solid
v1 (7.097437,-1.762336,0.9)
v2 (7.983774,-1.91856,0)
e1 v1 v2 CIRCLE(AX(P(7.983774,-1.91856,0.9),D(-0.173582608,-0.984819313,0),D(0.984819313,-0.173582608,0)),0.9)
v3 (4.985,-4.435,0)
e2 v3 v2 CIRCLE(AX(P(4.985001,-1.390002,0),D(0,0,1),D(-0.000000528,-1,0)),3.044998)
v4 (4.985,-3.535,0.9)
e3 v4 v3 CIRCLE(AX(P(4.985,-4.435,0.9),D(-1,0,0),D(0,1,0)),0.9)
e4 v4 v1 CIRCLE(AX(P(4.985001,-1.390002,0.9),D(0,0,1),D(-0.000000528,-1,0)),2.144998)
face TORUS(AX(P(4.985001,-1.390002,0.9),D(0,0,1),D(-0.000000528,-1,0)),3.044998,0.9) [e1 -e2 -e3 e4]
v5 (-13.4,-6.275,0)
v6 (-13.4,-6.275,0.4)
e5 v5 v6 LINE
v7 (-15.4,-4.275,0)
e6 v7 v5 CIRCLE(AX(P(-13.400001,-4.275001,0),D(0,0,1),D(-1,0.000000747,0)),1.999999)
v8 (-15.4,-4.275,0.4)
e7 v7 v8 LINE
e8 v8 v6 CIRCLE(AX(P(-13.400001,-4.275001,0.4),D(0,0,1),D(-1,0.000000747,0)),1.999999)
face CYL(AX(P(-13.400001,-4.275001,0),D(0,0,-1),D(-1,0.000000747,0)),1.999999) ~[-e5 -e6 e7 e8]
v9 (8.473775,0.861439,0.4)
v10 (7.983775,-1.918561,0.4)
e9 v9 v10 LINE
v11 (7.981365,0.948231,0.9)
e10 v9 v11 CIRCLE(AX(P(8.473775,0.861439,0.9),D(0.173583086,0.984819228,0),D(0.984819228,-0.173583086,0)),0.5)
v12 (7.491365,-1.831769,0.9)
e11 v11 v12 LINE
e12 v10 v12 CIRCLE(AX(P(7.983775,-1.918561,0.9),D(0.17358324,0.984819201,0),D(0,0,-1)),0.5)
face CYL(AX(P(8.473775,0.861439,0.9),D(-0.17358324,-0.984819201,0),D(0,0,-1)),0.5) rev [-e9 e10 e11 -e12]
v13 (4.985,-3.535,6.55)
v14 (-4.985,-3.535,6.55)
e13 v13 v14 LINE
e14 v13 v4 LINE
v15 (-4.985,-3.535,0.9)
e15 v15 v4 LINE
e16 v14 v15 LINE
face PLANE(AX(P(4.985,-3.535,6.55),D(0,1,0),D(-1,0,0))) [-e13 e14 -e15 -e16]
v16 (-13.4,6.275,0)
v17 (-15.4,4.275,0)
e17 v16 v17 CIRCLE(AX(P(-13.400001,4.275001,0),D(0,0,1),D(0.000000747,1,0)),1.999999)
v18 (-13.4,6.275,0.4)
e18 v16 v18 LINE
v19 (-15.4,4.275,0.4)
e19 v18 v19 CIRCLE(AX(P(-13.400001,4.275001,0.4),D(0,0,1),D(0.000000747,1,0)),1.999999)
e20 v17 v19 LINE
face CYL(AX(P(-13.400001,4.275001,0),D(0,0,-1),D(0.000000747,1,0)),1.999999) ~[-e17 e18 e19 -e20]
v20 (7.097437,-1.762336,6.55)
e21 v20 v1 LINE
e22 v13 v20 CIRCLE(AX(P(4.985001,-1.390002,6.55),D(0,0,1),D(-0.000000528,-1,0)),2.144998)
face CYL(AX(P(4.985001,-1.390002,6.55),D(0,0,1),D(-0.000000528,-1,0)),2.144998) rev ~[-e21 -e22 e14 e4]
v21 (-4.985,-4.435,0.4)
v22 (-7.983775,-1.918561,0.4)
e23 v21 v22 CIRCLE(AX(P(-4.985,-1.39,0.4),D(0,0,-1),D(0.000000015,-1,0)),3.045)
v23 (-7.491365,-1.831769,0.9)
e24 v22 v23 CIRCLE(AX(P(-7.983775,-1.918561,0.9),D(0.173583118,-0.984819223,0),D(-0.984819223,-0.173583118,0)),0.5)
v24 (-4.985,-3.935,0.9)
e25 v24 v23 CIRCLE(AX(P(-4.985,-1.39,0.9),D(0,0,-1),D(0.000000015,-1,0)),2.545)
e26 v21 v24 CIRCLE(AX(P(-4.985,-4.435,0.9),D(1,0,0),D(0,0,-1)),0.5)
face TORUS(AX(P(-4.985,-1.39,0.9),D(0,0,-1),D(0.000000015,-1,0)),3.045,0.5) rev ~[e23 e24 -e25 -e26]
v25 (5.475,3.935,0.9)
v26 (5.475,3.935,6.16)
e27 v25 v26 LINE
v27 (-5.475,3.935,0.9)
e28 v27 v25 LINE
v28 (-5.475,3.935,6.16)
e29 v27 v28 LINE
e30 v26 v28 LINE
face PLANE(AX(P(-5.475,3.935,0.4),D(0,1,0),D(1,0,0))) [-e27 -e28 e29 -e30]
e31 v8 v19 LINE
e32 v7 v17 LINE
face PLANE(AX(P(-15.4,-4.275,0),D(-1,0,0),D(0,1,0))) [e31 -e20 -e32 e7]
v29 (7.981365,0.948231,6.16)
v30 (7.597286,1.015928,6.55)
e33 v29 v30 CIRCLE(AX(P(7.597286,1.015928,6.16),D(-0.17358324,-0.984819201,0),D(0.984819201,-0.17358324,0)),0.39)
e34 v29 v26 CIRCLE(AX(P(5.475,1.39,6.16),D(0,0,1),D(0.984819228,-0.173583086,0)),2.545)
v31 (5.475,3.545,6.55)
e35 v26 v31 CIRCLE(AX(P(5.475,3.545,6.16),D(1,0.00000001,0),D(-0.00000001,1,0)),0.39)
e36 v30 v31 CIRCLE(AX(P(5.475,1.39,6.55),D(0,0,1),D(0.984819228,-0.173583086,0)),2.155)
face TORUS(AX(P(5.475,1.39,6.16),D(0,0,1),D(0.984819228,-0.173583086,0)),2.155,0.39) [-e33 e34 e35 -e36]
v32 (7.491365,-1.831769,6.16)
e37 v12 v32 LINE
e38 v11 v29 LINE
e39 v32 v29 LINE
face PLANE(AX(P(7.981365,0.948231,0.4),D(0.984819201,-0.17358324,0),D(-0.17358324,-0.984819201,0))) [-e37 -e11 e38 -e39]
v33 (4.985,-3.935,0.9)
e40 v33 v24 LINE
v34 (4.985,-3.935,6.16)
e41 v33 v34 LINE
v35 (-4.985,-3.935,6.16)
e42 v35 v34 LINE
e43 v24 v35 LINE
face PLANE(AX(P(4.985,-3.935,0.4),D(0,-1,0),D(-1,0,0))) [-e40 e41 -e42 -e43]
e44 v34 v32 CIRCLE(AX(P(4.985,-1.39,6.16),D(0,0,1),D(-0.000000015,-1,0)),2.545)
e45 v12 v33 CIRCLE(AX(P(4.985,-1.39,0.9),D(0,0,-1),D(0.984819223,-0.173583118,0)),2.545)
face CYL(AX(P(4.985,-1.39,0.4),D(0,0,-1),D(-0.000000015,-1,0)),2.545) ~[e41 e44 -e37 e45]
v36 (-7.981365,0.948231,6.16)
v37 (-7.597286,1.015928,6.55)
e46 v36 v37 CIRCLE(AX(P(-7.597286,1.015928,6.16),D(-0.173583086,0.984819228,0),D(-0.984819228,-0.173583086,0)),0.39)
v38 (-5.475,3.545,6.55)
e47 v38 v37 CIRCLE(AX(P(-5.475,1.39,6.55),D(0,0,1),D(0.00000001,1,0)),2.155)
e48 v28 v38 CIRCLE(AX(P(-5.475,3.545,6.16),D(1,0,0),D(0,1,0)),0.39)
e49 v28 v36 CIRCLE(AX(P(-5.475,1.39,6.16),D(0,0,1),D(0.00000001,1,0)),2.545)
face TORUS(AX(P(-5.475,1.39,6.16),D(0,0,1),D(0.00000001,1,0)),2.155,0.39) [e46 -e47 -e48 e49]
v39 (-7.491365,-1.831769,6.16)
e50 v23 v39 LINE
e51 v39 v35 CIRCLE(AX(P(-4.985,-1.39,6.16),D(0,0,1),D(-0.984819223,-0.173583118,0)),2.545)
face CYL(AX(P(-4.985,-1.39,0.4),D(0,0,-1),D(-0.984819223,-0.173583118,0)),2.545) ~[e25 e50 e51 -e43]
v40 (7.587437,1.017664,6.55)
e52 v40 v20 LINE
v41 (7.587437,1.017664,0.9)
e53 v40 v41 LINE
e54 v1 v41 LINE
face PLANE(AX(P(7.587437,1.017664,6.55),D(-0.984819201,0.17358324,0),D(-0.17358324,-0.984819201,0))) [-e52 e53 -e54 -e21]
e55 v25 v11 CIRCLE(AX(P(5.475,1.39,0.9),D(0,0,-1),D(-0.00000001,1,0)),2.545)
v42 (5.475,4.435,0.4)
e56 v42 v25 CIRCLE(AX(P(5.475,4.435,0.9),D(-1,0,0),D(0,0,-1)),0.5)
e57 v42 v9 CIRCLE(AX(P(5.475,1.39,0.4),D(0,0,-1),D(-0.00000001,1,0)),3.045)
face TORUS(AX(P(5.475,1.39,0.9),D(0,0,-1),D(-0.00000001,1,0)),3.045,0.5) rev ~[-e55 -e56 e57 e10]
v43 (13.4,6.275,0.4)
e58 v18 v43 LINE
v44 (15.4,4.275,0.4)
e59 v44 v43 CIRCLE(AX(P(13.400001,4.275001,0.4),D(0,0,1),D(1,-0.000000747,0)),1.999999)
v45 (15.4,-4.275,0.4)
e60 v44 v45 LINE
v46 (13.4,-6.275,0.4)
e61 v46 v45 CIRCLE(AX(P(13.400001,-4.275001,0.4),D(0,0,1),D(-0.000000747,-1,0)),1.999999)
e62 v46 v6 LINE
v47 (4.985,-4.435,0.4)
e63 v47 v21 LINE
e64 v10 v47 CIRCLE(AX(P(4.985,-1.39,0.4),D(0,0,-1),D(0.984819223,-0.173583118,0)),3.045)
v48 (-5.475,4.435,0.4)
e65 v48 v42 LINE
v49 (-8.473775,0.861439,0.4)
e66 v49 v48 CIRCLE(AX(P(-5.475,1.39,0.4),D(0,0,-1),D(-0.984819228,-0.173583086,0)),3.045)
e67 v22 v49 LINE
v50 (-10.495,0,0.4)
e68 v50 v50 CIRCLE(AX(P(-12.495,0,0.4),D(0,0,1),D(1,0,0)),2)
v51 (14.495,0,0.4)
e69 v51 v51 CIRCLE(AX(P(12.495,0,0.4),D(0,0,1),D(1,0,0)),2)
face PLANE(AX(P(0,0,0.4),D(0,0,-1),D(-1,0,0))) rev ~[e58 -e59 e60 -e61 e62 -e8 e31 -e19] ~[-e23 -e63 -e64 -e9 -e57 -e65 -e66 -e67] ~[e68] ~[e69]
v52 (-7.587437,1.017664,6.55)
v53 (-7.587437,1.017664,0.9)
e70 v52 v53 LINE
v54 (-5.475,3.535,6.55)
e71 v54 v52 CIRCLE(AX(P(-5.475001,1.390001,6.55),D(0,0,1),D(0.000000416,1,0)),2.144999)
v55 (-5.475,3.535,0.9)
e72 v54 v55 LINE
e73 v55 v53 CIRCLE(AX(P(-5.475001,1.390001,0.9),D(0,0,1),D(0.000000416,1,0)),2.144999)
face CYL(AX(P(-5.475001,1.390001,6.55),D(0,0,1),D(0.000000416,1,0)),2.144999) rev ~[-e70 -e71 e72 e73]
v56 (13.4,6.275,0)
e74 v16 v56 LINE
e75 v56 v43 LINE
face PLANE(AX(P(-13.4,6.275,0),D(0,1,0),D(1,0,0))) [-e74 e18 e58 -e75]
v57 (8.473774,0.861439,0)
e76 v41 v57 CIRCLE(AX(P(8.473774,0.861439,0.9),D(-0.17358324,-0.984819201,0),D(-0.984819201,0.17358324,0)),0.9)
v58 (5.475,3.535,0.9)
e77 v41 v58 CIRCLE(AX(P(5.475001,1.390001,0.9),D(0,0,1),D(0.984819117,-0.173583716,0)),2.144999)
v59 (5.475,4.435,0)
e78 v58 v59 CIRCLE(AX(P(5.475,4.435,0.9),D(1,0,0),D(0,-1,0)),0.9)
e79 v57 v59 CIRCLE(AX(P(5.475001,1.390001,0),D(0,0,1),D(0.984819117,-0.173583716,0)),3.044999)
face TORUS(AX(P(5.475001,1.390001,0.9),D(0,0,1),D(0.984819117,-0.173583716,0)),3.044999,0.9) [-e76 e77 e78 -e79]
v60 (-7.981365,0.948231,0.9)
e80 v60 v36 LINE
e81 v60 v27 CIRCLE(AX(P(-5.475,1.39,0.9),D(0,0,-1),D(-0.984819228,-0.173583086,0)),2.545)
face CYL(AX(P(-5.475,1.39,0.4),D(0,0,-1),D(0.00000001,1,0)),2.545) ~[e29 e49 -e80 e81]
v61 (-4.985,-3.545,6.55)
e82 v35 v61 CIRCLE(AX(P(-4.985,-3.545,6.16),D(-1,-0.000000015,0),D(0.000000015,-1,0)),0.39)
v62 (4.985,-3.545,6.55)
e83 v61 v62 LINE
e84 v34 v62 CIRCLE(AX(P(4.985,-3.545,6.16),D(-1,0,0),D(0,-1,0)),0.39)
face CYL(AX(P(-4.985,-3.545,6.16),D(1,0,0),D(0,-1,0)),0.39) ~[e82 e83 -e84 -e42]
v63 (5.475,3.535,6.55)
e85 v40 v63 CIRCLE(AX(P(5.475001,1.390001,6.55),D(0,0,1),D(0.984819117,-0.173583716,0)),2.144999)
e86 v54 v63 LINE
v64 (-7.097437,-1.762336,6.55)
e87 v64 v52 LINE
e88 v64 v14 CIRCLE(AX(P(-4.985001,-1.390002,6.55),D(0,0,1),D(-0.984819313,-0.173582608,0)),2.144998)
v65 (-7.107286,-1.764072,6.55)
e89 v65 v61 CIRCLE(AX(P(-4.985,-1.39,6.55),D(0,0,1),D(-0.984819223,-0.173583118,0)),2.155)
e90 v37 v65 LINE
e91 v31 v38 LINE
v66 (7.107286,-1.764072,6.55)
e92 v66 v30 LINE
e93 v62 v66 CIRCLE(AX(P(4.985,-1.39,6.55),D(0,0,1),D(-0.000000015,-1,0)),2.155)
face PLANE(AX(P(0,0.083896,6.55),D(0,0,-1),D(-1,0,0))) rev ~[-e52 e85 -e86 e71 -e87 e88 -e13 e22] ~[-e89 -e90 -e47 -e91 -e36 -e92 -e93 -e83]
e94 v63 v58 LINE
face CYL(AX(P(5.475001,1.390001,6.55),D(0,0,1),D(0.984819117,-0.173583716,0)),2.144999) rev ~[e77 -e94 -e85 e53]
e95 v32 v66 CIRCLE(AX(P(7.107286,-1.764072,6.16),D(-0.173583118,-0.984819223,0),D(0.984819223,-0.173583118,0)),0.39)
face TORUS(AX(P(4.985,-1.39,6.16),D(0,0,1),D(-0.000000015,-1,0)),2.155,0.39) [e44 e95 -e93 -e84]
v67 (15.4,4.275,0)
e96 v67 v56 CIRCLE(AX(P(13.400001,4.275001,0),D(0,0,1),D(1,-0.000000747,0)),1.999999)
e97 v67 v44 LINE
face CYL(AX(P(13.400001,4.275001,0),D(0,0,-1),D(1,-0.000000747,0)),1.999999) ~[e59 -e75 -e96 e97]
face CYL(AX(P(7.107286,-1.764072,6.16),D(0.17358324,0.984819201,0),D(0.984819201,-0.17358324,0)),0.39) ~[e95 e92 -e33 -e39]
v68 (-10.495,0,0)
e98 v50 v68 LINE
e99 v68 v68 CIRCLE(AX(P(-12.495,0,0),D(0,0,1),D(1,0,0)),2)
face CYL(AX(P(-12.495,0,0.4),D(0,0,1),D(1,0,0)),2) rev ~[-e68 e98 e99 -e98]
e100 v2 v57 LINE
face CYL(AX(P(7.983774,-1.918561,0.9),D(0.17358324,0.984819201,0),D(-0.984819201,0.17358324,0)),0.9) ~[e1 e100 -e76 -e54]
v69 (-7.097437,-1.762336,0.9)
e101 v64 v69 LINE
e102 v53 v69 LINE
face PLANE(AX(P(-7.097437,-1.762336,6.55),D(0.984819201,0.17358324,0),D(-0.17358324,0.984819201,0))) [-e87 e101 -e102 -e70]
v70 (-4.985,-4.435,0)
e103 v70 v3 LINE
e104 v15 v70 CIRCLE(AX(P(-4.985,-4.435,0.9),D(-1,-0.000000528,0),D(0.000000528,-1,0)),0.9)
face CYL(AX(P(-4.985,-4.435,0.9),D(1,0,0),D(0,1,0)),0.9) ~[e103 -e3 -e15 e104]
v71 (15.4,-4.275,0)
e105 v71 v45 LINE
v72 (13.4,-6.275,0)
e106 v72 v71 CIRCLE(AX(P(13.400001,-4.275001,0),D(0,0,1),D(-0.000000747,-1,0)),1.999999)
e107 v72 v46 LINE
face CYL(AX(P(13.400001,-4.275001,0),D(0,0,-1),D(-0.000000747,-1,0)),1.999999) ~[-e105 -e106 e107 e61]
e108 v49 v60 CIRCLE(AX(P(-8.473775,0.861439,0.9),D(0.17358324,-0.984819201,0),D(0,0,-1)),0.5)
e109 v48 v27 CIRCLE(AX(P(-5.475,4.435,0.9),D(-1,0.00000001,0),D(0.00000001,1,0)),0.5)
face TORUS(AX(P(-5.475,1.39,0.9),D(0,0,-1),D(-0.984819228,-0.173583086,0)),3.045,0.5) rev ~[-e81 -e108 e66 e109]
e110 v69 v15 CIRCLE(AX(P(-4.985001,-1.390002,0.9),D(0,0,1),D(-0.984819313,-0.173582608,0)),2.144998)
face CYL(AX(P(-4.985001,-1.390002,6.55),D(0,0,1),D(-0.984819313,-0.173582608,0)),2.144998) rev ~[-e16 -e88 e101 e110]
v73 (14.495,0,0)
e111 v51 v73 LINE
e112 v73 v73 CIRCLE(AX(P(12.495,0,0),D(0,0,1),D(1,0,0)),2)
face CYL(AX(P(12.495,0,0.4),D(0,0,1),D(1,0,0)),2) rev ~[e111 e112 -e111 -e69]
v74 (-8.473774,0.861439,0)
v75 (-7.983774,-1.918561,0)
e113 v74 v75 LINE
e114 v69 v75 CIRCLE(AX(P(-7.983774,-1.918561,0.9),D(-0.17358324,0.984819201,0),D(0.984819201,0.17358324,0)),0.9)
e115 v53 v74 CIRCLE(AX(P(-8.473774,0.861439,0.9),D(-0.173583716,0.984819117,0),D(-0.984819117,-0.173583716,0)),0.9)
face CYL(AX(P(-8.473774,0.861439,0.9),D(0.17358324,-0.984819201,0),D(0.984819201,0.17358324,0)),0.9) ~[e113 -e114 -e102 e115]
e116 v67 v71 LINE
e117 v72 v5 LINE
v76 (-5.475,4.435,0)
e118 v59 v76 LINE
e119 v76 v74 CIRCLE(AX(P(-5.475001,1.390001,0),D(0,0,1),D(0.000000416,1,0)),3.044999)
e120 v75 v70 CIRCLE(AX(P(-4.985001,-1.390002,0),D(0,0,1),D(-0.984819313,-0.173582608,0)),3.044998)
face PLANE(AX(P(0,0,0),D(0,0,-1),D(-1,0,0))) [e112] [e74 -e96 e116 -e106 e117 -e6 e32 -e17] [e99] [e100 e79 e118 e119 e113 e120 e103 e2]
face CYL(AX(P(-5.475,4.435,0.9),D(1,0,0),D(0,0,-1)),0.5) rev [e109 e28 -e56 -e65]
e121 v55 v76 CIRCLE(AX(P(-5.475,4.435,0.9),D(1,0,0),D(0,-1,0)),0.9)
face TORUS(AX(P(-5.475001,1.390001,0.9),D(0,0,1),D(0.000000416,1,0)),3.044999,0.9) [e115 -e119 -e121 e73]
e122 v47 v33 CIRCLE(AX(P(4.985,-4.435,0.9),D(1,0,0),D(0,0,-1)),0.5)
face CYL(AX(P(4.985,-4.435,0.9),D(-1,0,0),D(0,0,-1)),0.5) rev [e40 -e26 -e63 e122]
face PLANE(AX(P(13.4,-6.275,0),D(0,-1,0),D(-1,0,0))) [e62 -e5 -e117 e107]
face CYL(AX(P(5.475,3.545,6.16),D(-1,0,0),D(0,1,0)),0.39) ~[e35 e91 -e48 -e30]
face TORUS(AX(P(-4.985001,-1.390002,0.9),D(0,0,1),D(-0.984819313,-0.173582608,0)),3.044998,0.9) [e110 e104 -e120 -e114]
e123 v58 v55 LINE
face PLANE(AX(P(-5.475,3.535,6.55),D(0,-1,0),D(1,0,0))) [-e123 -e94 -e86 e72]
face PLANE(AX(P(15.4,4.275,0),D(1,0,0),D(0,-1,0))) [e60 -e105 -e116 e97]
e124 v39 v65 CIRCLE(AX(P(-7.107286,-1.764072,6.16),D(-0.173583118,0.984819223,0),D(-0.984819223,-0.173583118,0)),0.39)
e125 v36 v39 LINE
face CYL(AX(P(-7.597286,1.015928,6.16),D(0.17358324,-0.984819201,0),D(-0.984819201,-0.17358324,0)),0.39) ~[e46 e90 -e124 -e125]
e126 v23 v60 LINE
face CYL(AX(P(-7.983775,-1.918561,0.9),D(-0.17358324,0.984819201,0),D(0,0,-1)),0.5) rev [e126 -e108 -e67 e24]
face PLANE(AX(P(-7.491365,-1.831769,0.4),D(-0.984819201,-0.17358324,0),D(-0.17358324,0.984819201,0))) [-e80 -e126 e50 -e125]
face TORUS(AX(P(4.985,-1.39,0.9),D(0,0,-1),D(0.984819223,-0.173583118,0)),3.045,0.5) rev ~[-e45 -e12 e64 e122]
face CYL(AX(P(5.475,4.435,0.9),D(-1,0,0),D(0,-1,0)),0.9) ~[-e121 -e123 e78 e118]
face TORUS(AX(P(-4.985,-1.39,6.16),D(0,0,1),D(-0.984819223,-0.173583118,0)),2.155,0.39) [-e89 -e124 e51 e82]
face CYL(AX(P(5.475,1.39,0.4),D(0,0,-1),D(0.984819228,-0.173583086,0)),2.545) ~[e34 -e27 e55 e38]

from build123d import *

# Parameters (mm, degrees)
PAD_DEPTH       = 0.4
SKETCH001_R     = 2
POCKET_DEPTH    = 5
PAD001_DEPTH    = 6.15
POCKET001_DEPTH = 6.551
FILLET_R        = 0.5
FILLET001_R     = 0.39
FILLET002_R     = 0.9


with BuildPart() as part:
    # Sketch → Pad (new body)
    with BuildSketch(Plane.XY):
        with BuildLine():
            Line((-13.4, 6.275), (13.4, 6.275))
            ThreePointArc((15.4, 4.275), (14.814214, 5.689214), (13.4, 6.275))
            Line((15.4, 4.275), (15.4, -4.275))
            ThreePointArc((13.4, -6.275), (14.814214, -5.689214), (15.4, -4.275))
            Line((13.4, -6.275), (-13.4, -6.275))
            ThreePointArc((-15.4, -4.275), (-14.814214, -5.689214), (-13.4, -6.275))
            Line((-15.4, -4.275), (-15.4, 4.275))
            ThreePointArc((-13.4, 6.275), (-14.814214, 5.689214), (-15.4, 4.275))
        make_face()
    extrude(amount=PAD_DEPTH)

    # Sketch001 (on Face10 of Pad) → Pocket (cut)
    with BuildSketch(Plane.XY.offset(0.4)):
        with Locations((-12.495, 0)):
            Circle(SKETCH001_R)
        with Locations((12.495, 0)):
            Circle(SKETCH001_R)
    extrude(amount=-POCKET_DEPTH, mode=Mode.SUBTRACT)

    # Sketch002 (on Face5 of Pocket) → Pad001 (join)
    with BuildSketch(Plane.XY.offset(0.4)):
        with BuildLine():
            Line((-5.475, 3.935), (5.475, 3.935))
            ThreePointArc((7.981365, 0.948231), (7.424529, 3.025959), (5.475, 3.935))
            Line((7.981365, 0.948231), (7.491365, -1.831769))
            ThreePointArc((4.985, -3.935), (6.620959, -3.339529), (7.491365, -1.831769))
            Line((4.985, -3.935), (-4.985, -3.935))
            ThreePointArc((-7.491365, -1.831769), (-6.620959, -3.339529), (-4.985, -3.935))
            Line((-7.491365, -1.831769), (-7.981365, 0.948231))
            ThreePointArc((-5.475, 3.935), (-7.424529, 3.025959), (-7.981365, 0.948231))
        make_face()
    extrude(amount=PAD001_DEPTH)

    # Sketch003 (on Face21 of Pad001) → Pocket001 (cut, through all)
    with BuildSketch(Plane.XY.offset(6.55)):
        with BuildLine():
            Line((-5.475, 3.535), (5.475, 3.535))
            ThreePointArc((7.587437, 1.017664), (7.11812, 2.768834), (5.475, 3.535))
            Line((7.587437, 1.017664), (7.097437, -1.762336))
            ThreePointArc((4.985, -3.535), (6.363834, -3.03312), (7.097437, -1.762336))
            Line((4.985, -3.535), (-4.985, -3.535))
            ThreePointArc((-7.097437, -1.762336), (-6.363834, -3.03312), (-4.985, -3.535))
            Line((-7.097437, -1.762336), (-7.587437, 1.017664))
            ThreePointArc((-5.475, 3.535), (-7.11812, 2.768834), (-7.587437, 1.017664))
        make_face()
    extrude(amount=-POCKET001_DEPTH, mode=Mode.SUBTRACT)

    # Fillet
    fillet_edges = [part.edges().sort_by_distance(p)[0] for p in [
        (0, -3.935, 0.4),
    ]]
    fillet(fillet_edges, radius=FILLET_R)

    # Fillet001
    fillet001_edges = [part.edges().sort_by_distance(p)[0] for p in [
        (-6.620959, -3.339529, 6.55),
    ]]
    fillet(fillet001_edges, radius=FILLET001_R)

    # Fillet002
    fillet002_edges = [part.edges().sort_by_distance(p)[0] for p in [
        (0, 3.535, 0),
    ]]
    fillet(fillet002_edges, radius=FILLET002_R)


solid = part.part
